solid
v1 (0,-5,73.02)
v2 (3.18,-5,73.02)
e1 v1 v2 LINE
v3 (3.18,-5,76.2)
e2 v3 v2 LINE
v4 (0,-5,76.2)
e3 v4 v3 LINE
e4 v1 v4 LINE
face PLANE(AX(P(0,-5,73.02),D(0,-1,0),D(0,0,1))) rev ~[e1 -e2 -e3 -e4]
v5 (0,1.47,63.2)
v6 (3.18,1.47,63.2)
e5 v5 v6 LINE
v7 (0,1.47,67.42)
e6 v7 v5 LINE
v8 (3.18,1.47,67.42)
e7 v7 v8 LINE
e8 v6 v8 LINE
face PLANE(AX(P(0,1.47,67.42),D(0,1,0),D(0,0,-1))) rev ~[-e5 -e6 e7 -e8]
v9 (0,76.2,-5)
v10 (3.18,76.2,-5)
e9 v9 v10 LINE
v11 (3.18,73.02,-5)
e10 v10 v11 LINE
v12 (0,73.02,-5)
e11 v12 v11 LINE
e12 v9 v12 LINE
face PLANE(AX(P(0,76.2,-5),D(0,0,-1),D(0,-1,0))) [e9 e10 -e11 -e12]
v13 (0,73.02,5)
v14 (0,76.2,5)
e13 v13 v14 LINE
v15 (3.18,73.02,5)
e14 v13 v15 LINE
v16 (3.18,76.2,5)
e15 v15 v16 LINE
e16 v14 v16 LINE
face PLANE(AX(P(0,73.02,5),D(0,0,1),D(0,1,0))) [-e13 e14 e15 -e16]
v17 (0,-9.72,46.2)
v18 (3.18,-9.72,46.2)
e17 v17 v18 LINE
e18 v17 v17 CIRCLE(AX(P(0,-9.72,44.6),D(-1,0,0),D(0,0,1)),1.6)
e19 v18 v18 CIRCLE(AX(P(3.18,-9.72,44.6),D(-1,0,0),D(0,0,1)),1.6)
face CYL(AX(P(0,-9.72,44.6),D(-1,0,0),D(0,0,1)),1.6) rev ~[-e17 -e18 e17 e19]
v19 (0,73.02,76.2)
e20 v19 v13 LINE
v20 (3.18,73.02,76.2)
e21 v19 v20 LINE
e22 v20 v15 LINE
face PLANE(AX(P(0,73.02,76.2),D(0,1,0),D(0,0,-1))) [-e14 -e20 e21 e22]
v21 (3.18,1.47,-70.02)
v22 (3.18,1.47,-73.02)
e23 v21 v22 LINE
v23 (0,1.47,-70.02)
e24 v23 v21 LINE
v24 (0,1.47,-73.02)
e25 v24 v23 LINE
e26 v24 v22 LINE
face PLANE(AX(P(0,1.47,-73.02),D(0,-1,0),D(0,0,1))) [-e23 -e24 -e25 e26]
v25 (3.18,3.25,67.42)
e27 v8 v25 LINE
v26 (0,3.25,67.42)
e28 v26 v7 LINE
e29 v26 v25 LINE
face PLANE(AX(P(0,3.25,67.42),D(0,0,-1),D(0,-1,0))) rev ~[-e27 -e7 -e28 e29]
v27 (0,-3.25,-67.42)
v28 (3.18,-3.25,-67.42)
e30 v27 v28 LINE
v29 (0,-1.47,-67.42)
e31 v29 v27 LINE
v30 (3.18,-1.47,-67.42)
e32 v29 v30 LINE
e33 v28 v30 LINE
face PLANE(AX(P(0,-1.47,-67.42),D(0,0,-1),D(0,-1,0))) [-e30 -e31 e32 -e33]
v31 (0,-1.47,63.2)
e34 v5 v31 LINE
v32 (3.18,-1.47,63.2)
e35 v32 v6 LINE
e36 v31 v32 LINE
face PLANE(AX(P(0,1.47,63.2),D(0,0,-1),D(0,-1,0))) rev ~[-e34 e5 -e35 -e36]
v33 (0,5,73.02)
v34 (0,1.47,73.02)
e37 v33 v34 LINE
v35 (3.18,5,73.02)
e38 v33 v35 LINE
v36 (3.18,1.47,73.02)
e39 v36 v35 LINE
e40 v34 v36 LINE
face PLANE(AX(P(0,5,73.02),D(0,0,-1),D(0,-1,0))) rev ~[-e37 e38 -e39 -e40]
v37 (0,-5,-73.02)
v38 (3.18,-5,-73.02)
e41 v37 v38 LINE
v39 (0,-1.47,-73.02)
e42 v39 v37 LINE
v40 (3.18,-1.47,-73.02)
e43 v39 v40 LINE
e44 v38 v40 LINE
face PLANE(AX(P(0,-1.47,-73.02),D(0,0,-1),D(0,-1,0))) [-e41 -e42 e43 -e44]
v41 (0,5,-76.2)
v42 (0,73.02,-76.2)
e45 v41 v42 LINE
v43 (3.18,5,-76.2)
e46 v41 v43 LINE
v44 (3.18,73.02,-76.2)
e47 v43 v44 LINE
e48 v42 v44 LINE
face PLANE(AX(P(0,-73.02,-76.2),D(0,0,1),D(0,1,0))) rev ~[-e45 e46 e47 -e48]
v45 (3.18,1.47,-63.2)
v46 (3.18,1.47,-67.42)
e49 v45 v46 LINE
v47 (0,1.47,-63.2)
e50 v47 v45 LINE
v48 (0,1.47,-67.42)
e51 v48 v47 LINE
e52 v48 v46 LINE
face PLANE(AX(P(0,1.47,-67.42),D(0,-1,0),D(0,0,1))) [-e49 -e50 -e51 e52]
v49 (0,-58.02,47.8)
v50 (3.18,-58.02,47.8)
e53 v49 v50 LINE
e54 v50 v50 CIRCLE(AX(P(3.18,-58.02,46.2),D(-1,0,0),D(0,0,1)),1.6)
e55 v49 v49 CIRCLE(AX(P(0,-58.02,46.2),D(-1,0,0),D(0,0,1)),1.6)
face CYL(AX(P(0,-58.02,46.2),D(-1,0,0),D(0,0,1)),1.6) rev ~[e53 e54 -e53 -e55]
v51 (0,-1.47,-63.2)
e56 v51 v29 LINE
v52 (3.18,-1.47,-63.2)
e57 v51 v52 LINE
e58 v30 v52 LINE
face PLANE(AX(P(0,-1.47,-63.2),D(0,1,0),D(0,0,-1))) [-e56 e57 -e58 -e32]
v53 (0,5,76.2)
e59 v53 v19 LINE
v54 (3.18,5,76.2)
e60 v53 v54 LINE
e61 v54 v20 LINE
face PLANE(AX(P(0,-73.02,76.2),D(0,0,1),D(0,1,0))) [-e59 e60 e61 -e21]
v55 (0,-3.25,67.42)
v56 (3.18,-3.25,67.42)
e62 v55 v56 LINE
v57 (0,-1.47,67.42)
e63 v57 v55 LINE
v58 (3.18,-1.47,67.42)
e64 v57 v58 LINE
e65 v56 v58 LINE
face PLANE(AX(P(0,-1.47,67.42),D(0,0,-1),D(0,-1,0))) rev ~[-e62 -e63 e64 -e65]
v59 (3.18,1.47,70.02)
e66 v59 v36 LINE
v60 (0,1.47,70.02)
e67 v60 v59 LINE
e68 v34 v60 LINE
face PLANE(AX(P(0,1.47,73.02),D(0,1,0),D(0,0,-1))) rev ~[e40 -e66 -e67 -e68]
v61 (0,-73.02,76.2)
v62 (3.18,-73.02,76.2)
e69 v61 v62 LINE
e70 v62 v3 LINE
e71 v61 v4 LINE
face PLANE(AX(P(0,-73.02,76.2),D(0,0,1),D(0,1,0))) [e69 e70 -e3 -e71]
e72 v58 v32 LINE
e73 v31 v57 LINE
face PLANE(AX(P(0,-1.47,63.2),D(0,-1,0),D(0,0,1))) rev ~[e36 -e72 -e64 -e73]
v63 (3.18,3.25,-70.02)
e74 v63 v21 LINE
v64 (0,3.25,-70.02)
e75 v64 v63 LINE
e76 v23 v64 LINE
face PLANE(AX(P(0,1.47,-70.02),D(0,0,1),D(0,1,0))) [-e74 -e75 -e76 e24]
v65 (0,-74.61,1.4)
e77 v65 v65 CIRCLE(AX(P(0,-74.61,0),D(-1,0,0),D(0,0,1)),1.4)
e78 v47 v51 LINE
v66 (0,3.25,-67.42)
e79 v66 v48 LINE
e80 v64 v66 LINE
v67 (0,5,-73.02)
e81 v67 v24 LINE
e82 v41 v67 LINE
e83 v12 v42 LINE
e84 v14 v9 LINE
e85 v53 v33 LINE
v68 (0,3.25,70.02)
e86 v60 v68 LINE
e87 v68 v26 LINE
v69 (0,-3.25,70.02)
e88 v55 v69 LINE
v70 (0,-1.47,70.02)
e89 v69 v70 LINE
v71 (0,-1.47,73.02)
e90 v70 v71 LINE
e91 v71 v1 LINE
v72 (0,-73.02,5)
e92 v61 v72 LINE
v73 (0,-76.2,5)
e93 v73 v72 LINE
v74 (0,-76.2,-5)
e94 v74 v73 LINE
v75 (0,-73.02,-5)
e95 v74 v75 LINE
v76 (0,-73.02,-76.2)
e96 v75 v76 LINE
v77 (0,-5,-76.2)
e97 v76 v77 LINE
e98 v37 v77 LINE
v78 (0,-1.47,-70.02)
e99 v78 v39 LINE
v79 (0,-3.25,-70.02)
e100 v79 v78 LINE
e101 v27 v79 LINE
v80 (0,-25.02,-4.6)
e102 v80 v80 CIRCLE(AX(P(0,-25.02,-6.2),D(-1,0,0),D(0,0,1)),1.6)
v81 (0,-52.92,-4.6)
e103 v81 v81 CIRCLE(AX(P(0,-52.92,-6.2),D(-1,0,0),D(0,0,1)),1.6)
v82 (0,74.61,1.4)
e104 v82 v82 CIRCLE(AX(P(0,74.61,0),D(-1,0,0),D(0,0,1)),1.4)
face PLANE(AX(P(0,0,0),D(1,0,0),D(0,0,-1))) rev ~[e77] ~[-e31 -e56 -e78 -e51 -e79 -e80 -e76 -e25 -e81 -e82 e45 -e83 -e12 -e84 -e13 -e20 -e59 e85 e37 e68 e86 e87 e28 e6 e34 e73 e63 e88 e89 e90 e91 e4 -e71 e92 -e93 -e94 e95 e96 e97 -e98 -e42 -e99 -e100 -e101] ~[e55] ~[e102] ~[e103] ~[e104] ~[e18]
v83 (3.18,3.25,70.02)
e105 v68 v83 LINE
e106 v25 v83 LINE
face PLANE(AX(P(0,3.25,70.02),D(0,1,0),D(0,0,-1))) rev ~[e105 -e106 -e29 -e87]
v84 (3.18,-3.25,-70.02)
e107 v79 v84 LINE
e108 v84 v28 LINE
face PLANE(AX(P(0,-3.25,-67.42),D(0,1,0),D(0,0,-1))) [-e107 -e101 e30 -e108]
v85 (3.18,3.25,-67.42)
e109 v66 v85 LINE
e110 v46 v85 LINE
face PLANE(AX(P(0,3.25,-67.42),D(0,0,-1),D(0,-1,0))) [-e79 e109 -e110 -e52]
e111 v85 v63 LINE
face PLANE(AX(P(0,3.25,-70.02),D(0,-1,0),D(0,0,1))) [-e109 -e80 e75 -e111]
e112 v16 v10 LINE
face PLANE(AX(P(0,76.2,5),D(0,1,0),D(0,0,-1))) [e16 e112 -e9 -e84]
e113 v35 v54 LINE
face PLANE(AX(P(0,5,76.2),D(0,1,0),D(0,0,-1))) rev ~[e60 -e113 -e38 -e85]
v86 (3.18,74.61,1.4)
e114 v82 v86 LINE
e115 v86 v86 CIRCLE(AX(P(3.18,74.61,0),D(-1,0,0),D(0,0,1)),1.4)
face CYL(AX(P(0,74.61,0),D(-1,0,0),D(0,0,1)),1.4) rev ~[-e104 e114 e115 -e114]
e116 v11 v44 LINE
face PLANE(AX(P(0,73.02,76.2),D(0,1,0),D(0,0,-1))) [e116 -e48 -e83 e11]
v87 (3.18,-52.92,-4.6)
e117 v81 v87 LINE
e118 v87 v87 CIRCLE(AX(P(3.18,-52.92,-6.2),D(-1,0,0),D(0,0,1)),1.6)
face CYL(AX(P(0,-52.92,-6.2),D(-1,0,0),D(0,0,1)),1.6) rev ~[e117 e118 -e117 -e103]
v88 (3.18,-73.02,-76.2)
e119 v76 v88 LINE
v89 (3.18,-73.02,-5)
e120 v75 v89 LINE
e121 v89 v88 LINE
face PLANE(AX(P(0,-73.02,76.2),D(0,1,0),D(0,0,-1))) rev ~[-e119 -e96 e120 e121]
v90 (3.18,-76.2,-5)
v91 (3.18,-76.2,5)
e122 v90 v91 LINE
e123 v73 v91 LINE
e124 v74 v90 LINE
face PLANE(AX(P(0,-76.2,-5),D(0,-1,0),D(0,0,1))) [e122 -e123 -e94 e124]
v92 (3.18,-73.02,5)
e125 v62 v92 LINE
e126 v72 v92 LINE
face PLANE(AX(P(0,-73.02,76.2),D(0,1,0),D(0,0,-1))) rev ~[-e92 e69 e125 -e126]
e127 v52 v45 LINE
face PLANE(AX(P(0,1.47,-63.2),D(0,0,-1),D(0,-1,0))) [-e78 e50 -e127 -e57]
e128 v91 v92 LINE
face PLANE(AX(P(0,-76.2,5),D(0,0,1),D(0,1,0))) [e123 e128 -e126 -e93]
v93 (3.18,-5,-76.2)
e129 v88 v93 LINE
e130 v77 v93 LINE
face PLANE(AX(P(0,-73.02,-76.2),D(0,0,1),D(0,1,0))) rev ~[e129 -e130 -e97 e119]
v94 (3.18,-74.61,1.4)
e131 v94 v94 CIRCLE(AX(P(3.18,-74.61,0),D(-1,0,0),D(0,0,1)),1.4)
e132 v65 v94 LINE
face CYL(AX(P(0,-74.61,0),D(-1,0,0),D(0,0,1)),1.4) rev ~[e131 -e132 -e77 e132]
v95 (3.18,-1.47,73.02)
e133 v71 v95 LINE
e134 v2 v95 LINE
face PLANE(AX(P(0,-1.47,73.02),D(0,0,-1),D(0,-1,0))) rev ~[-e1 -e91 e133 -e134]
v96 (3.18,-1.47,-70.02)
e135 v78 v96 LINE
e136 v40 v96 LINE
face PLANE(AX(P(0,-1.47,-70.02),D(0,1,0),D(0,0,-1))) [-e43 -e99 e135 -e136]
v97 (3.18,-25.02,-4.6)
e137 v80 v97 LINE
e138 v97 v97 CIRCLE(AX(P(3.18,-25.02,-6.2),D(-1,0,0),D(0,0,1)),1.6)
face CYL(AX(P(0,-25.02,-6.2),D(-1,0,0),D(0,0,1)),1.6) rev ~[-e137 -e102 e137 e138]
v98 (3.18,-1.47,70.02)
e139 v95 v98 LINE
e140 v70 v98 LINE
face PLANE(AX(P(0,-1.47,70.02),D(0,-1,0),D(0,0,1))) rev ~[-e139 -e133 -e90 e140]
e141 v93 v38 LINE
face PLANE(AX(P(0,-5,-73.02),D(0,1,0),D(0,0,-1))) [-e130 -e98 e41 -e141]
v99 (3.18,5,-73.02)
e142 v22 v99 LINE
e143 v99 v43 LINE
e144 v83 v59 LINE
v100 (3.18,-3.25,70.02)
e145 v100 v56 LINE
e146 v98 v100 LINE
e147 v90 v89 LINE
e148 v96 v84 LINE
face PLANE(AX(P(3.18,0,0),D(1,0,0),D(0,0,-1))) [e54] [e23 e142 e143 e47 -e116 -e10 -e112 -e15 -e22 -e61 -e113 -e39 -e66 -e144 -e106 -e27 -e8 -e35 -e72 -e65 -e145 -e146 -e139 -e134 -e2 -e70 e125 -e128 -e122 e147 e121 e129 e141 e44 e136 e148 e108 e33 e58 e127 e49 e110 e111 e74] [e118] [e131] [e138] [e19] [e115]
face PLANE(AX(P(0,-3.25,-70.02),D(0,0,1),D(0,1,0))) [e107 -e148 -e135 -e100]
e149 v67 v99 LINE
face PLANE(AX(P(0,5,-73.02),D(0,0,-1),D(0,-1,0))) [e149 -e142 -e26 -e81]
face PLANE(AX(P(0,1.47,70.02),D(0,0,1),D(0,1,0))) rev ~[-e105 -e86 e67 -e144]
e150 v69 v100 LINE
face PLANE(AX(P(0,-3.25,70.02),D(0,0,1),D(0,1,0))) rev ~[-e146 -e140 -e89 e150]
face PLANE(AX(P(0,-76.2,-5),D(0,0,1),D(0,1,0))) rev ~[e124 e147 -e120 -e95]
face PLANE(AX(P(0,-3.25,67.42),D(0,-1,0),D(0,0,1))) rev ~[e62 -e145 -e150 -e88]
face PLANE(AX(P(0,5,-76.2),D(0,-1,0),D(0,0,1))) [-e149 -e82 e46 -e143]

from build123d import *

# Parameters (mm, degrees)
SKETCH1_W           = 152.4
SKETCH1_H           = 146.04
BOSS_EXTRUDE1_DEPTH = 3.18
SKETCH3_R           = 1.4
SKETCH3_W           = 10
SKETCH3_H           = 3.18
BOSS_EXTRUDE5_DEPTH = 3.18
CUT_EXTRUDE2_DEPTH  = 4.18
CUT_EXTRUDE3_DEPTH  = 4.18
SKETCH6_R           = 1.6
CUT_EXTRUDE6_DEPTH  = 4.18


with BuildPart() as part:
    # Sketch1 → Boss-Extrude1 (new body)
    with BuildSketch(Plane(origin=(0, 0, 0), x_dir=(0, 0, -1), z_dir=(1, 0, 0))):
        Rectangle(SKETCH1_W, SKETCH1_H)
    extrude(amount=BOSS_EXTRUDE1_DEPTH)

    # Sketch3 → Boss-Extrude5 (add)
    with BuildSketch(Plane.ZY):
        Polygon((0, 73.02), (5, 73.02), (5, 76.2), (-5, 76.2), (-5, 73.02), align=None)
        with Locations((0, 74.61)):
            Circle(SKETCH3_R, mode=Mode.SUBTRACT)
        with Locations((0, -74.61)):
            Rectangle(SKETCH3_W, SKETCH3_H)
        with Locations((0, -74.61)):
            Circle(SKETCH3_R, mode=Mode.SUBTRACT)
    extrude(amount=-BOSS_EXTRUDE5_DEPTH)

    # Sketch4 → Cut-Extrude2 (cut, through all)
    with BuildSketch(Plane(origin=(0, 0, 0), x_dir=(0, 0, -1), z_dir=(1, 0, 0))):
        Polygon((-76.2, -5), (-76.2, 5), (-73.02, 5), (-73.02, 1.47), (-70.02, 1.47), (-70.02, 3.25), (-67.42, 3.25), (-67.42, 1.47), (-63.2, 1.47), (-63.2, -1.47), (-67.42, -1.47), (-67.42, -3.25), (-70.02, -3.25), (-70.02, -1.47), (-73.02, -1.47), (-73.02, -5), align=None)
    extrude(amount=CUT_EXTRUDE2_DEPTH, mode=Mode.SUBTRACT)

    # Sketch5 → Cut-Extrude3 (cut, through all)
    with BuildSketch(Plane.ZY):
        Polygon((-70.02, -1.47), (-73.02, -1.47), (-73.02, -5), (-76.2, -5), (-76.2, 5), (-73.02, 5), (-73.02, 1.47), (-70.02, 1.47), (-70.02, 3.25), (-67.42, 3.25), (-67.42, 1.47), (-63.2, 1.47), (-63.2, -1.47), (-67.42, -1.47), (-67.42, -3.25), (-70.02, -3.25), align=None)
    extrude(amount=-CUT_EXTRUDE3_DEPTH, mode=Mode.SUBTRACT)

    # Sketch6 → Cut-Extrude6 (cut, through all)
    with BuildSketch(Plane.ZY):
        with Locations((46.2, -58.02)):
            Circle(SKETCH6_R)
        with Locations((44.6, -9.72)):
            Circle(SKETCH6_R)
        with Locations((-6.2, -52.92)):
            Circle(SKETCH6_R)
        with Locations((-6.2, -25.02)):
            Circle(SKETCH6_R)
    extrude(amount=-CUT_EXTRUDE6_DEPTH, mode=Mode.SUBTRACT)


solid = part.part
